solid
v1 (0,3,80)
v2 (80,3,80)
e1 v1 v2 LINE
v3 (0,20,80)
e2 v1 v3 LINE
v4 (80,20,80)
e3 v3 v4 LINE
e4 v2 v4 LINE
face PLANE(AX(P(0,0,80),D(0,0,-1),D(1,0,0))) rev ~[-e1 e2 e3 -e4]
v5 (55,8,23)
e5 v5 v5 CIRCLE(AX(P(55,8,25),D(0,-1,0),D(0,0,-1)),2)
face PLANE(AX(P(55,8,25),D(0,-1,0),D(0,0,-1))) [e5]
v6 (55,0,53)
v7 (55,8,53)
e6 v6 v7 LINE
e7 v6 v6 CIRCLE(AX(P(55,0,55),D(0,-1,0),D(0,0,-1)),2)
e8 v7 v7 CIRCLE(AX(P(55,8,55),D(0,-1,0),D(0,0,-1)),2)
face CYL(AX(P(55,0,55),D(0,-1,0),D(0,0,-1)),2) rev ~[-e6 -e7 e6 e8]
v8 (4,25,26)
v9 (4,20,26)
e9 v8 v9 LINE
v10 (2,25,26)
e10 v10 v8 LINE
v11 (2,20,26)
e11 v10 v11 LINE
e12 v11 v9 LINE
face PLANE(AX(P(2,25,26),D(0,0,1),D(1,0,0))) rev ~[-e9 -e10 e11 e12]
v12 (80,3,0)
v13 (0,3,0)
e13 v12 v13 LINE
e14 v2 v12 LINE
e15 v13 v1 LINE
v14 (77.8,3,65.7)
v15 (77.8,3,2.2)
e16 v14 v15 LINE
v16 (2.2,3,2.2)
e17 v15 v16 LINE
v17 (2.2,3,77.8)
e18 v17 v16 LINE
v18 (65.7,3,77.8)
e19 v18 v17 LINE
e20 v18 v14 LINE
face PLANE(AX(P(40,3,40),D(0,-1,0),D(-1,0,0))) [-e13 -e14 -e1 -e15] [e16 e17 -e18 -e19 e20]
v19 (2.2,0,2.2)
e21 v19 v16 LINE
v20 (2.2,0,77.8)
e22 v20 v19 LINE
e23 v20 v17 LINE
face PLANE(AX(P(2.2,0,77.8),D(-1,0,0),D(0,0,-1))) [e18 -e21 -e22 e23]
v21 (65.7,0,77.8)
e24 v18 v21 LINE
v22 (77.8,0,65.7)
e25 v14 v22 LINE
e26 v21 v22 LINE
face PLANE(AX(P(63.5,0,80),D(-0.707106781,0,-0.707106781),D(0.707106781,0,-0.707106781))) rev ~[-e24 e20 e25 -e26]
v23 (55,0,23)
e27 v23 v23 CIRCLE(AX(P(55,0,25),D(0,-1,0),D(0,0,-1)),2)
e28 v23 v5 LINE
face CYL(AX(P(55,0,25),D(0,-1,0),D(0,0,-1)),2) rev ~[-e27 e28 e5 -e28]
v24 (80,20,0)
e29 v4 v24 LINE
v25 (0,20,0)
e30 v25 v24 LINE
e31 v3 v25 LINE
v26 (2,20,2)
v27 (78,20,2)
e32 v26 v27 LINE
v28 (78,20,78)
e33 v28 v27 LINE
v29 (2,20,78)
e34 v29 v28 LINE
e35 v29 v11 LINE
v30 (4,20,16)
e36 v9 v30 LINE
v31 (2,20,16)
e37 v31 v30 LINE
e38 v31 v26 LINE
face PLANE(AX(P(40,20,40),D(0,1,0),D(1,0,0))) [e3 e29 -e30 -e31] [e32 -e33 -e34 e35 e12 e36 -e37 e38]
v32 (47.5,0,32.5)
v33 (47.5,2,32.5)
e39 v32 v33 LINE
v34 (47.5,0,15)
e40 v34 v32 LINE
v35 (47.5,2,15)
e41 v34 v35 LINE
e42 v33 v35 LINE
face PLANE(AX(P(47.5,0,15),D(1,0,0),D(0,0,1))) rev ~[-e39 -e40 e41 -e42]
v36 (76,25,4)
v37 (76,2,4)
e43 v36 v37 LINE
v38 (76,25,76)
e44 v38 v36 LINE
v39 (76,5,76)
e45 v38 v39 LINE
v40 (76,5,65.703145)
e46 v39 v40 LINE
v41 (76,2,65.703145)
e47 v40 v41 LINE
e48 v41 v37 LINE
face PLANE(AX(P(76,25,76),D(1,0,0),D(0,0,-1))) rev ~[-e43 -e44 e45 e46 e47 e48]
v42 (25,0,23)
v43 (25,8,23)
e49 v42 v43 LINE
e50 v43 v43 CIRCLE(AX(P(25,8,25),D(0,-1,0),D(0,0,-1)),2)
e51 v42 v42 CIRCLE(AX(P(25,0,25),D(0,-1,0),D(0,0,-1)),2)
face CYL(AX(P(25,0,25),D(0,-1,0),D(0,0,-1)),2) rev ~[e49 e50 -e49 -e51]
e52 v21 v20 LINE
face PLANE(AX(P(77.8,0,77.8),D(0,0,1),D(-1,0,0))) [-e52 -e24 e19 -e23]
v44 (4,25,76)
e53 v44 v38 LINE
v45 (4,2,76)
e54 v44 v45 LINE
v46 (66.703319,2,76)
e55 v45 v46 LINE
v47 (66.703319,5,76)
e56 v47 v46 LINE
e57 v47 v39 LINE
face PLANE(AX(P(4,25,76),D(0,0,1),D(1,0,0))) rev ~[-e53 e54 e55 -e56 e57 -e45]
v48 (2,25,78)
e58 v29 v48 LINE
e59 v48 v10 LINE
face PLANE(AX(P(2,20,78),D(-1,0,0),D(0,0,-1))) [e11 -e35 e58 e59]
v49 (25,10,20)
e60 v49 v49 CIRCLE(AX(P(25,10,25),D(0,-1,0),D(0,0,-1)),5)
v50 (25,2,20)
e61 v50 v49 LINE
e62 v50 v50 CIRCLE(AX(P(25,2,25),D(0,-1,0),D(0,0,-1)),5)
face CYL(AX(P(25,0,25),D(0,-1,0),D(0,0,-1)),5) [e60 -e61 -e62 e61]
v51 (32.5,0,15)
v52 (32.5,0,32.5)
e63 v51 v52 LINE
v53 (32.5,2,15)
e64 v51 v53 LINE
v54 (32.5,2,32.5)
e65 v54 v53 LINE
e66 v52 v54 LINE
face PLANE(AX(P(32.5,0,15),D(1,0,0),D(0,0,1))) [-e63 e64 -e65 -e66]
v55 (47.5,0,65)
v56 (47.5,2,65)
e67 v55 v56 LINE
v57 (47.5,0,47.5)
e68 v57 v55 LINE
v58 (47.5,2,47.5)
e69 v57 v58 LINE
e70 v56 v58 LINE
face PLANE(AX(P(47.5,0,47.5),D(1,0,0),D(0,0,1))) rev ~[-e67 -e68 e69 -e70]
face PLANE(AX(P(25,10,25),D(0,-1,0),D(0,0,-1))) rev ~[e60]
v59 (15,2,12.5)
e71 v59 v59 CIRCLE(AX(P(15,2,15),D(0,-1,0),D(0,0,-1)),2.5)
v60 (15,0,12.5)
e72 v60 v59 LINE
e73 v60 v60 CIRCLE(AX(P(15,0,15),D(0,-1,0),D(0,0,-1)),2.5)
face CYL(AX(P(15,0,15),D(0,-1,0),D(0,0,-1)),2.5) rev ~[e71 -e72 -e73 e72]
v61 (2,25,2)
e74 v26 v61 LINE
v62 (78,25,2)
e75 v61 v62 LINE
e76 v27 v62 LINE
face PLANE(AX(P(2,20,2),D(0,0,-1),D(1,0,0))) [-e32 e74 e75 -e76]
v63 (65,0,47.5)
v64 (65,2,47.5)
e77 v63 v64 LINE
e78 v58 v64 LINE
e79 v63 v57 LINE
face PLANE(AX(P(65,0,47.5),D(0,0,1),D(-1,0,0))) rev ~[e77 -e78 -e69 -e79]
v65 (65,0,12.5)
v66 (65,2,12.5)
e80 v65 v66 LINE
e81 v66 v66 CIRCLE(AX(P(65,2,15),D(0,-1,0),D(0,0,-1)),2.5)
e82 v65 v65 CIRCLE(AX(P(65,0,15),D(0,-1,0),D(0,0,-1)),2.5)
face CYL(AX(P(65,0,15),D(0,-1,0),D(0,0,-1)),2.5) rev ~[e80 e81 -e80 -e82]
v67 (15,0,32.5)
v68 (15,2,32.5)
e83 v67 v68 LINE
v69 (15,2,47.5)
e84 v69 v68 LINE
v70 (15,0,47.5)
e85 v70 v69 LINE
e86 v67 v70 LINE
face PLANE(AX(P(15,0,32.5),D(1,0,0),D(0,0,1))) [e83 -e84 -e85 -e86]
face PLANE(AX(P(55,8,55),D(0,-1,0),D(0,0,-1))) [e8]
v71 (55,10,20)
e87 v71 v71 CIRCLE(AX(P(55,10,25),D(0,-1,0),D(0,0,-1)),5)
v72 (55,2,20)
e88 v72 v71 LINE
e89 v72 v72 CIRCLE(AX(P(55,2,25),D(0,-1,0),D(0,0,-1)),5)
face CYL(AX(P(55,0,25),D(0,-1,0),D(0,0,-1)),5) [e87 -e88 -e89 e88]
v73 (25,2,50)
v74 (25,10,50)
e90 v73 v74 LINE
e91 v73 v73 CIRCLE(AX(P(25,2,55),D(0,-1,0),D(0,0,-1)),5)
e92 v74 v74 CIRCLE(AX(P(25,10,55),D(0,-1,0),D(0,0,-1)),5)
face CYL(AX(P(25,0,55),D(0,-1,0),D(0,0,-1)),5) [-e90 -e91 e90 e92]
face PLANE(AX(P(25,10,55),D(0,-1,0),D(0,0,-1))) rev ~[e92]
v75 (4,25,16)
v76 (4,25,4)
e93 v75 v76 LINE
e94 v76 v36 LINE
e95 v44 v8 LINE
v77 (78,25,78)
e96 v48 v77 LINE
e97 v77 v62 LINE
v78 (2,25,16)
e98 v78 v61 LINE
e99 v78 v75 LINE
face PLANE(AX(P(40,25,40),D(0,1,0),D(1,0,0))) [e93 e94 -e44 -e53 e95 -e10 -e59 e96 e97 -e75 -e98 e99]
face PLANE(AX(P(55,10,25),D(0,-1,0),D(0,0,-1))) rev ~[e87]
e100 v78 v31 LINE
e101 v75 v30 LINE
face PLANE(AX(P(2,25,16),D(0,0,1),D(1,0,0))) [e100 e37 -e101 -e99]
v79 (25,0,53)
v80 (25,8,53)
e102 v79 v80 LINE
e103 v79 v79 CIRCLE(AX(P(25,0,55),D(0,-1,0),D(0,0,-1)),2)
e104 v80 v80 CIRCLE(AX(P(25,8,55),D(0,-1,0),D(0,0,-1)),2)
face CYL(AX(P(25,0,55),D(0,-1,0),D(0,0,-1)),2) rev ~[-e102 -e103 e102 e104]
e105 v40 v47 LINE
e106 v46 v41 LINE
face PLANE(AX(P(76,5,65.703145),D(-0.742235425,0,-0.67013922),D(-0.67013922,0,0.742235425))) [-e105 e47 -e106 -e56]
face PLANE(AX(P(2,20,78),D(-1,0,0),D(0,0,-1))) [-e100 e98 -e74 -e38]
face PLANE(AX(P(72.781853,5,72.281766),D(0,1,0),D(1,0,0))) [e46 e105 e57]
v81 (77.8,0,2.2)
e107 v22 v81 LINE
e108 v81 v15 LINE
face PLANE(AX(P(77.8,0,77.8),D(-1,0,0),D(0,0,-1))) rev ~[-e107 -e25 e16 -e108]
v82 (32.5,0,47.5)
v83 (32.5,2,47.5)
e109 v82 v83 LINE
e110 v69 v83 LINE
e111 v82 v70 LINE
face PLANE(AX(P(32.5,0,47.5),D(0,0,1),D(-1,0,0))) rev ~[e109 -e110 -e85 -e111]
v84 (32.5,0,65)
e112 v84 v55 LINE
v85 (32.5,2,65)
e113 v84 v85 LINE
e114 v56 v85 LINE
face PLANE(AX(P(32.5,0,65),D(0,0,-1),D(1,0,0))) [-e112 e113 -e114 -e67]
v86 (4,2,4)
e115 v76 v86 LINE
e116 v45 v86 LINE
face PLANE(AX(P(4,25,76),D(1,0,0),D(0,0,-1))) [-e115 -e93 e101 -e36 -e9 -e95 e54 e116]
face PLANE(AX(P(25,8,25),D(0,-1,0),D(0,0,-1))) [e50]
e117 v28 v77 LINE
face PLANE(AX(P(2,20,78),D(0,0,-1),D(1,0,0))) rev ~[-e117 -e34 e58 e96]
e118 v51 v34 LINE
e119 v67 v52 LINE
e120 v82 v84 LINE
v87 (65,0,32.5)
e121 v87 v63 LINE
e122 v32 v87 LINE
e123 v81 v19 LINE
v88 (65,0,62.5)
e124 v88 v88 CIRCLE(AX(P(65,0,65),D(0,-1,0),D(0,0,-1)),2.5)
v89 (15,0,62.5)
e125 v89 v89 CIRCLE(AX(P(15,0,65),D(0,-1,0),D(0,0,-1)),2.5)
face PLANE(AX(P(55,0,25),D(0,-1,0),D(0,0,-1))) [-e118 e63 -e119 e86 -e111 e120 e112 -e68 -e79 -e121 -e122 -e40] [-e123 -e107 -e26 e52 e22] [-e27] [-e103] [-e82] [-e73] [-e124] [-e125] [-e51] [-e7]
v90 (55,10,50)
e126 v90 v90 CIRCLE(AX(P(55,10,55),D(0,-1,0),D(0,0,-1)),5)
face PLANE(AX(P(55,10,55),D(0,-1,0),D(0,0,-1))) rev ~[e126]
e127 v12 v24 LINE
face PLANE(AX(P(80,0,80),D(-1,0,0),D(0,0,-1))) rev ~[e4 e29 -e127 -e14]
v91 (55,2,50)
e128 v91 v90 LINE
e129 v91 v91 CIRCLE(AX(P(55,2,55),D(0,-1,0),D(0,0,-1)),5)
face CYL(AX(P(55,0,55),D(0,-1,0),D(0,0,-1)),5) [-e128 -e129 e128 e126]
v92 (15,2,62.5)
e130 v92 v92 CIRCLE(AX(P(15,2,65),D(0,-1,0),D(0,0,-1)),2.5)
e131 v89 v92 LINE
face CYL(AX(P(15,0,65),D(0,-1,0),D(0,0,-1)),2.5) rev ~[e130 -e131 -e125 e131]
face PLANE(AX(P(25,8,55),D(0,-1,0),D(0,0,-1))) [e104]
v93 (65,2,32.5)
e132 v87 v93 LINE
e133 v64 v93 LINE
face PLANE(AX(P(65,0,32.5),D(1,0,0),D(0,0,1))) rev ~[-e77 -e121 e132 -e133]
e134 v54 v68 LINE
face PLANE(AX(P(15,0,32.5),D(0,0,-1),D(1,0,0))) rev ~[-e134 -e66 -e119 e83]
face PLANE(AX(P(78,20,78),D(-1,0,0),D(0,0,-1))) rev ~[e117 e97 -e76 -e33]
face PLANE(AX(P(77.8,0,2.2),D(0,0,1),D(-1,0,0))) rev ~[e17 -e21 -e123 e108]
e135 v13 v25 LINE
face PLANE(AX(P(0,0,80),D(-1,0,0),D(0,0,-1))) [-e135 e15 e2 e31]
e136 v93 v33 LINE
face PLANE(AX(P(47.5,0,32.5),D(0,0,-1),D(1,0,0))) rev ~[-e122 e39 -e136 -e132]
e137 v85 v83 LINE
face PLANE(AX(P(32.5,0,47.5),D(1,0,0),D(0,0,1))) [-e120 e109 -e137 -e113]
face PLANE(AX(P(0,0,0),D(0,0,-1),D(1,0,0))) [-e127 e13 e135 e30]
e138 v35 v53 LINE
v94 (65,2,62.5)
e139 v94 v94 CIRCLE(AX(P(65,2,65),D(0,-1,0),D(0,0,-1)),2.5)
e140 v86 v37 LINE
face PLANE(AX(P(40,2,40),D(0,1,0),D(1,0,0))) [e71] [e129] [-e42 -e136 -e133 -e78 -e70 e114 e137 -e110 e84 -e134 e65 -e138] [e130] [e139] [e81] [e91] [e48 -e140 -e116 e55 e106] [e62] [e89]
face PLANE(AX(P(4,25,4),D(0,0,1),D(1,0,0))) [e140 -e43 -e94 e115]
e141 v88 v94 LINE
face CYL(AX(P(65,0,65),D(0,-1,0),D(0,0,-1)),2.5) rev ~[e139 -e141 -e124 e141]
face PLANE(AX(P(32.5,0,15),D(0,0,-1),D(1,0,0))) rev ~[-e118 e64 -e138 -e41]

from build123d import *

# Parameters (mm, degrees)
ESQUISSE1_W              = 80
ESQUISSE1_H              = 80
BOSS_EXTRU_1_DEPTH       = 20
ESQUISSE2_W              = 76
ESQUISSE2_H              = 76
BOSS_EXTRU_2_DEPTH       = 5
ESQUISSE3_W              = 72
ESQUISSE3_H              = 72
ENL_V_MAT_EXTRU_2_DEPTH  = 23
ESQUISSE4_W              = 15
ESQUISSE4_H              = 17.5
ESQUISSE4_W_2            = 17.5
ESQUISSE4_H_2            = 15
ENL_V_MAT_EXTRU_9_DEPTH  = 10
ESQUISSE7_R              = 2.5
ENL_V_MAT_EXTRU_4_DEPTH  = 10
ESQUISSE5_R              = 5
BOSS_EXTRU_6_DEPTH       = 10
ESQUISSE9_R              = 2
ENL_V_MAT_EXTRU_6_DEPTH  = 8
ESQUISSE10_W             = 2
ESQUISSE10_H             = 10
ENL_V_MAT_EXTRU_7_DEPTH  = 5
ESQUISSE11_OUTSIDE_W     = 105.174
ESQUISSE11_OUTSIDE_H     = 105.174
ESQUISSE11_OUTSIDE_W_2   = 75.6
ESQUISSE11_OUTSIDE_H_2   = 75.6
ENL_V_MAT_EXTRU_10_DEPTH = 3
BOSS_EXTRU_7_REACH       = 131.891
BOSS_EXTRU_7_START       = -15
ENL_V_MAT_EXTRU_11_DEPTH = 3


with BuildPart() as part:
    # Esquisse1 → Boss.-Extru.1 (new body)
    with BuildSketch(Plane(origin=(0, 0, 0), x_dir=(1, 0, 0), z_dir=(0, 1, 0))):
        with Locations((40, -40)):
            Rectangle(ESQUISSE1_W, ESQUISSE1_H)
    extrude(amount=BOSS_EXTRU_1_DEPTH)

    # Esquisse2 → Boss.-Extru.2 (add)
    with BuildSketch(Plane(origin=(0, 20, 0), x_dir=(1, 0, 0), z_dir=(0, 1, 0))):
        with Locations((40, -40)):
            Rectangle(ESQUISSE2_W, ESQUISSE2_H)
    extrude(amount=BOSS_EXTRU_2_DEPTH)

    # Esquisse3 → Enlèv. mat.-Extru.2 (cut)
    with BuildSketch(Plane(origin=(0, 25, 0), x_dir=(1, 0, 0), z_dir=(0, 1, 0))):
        with Locations((40, -40)):
            Rectangle(ESQUISSE3_W, ESQUISSE3_H)
    extrude(amount=-ENL_V_MAT_EXTRU_2_DEPTH, mode=Mode.SUBTRACT)

    # Esquisse4 → Enlèv. mat.-Extru.9 (cut)
    with BuildSketch(Plane.XZ):
        with Locations((40, 23.75)):
            Rectangle(ESQUISSE4_W, ESQUISSE4_H)
        with Locations((23.75, 40)):
            Rectangle(ESQUISSE4_W_2, ESQUISSE4_H_2)
        with Locations((40, 40)):
            Rectangle(ESQUISSE4_W, ESQUISSE4_H_2)
        with Locations((56.25, 40)):
            Rectangle(ESQUISSE4_W_2, ESQUISSE4_H_2)
        with Locations((40, 56.25)):
            Rectangle(ESQUISSE4_W, ESQUISSE4_H)
    extrude(amount=-ENL_V_MAT_EXTRU_9_DEPTH, mode=Mode.SUBTRACT)

    # Esquisse7 → Enlèv. mat.-Extru.4 (cut)
    with BuildSketch(Plane(origin=(0, 0, 0), x_dir=(-1, 0, 0), z_dir=(0, -1, 0))):
        with Locations(Location((-15, -15, 0), (0, 0, 90))):
            Circle(ESQUISSE7_R)
        with Locations(Location((-15, -65, 0), (0, 0, 90))):
            Circle(ESQUISSE7_R)
        with Locations(Location((-65, -15, 0), (0, 0, 90))):
            Circle(ESQUISSE7_R)
        with Locations(Location((-65, -65, 0), (0, 0, 90))):
            Circle(ESQUISSE7_R)
    extrude(amount=-ENL_V_MAT_EXTRU_4_DEPTH, mode=Mode.SUBTRACT)

    # Esquisse5 → Boss.-Extru.6 (add)
    with BuildSketch(Plane(origin=(0, 0, 0), x_dir=(-1, 0, 0), z_dir=(0, -1, 0))):
        with Locations(Location((-55, -25, 0), (0, 0, 90))):
            Circle(ESQUISSE5_R)
        with Locations(Location((-55, -55, 0), (0, 0, 90))):
            Circle(ESQUISSE5_R)
        with Locations(Location((-25, -55, 0), (0, 0, 90))):
            Circle(ESQUISSE5_R)
        with Locations(Location((-25, -25, 0), (0, 0, 90))):
            Circle(ESQUISSE5_R)
    extrude(amount=-BOSS_EXTRU_6_DEPTH)

    # Esquisse9 → Enlèv. mat.-Extru.6 (cut)
    with BuildSketch(Plane(origin=(0, 0, 0), x_dir=(-1, 0, 0), z_dir=(0, -1, 0))):
        with Locations(Location((-55, -25, 0), (0, 0, 90))):
            Circle(ESQUISSE9_R)
        with Locations(Location((-55, -55, 0), (0, 0, 90))):
            Circle(ESQUISSE9_R)
        with Locations(Location((-25, -25, 0), (0, 0, 90))):
            Circle(ESQUISSE9_R)
        with Locations(Location((-25, -55, 0), (0, 0, 90))):
            Circle(ESQUISSE9_R)
    extrude(amount=-ENL_V_MAT_EXTRU_6_DEPTH, mode=Mode.SUBTRACT)

    # Esquisse10 → Enlèv. mat.-Extru.7 (cut)
    with BuildSketch(Plane(origin=(0, 25, 0), x_dir=(1, 0, 0), z_dir=(0, 1, 0))):
        with Locations((3, -21)):
            Rectangle(ESQUISSE10_W, ESQUISSE10_H)
    extrude(amount=-ENL_V_MAT_EXTRU_7_DEPTH, mode=Mode.SUBTRACT)

    # Esquisse11 outside → Enlèv. mat.-Extru.10 (cut)
    with BuildSketch(Plane(origin=(0, 0, 0), x_dir=(-1, 0, 0), z_dir=(0, -1, 0))):
        with Locations((-40, -40)):
            Rectangle(ESQUISSE11_OUTSIDE_W, ESQUISSE11_OUTSIDE_H)
        with Locations((-40, -40)):
            Rectangle(ESQUISSE11_OUTSIDE_W_2, ESQUISSE11_OUTSIDE_H_2, mode=Mode.SUBTRACT)
    extrude(amount=-ENL_V_MAT_EXTRU_10_DEPTH, mode=Mode.SUBTRACT)

    # Esquisse14 → Boss.-Extru.7 (add, up to next)
    with BuildSketch(Plane(origin=(0, 20, 0), x_dir=(1, 0, 0), z_dir=(0, 1, 0)).offset(BOSS_EXTRU_7_START), mode=Mode.PRIVATE) as boss_extru_7_sk1:
        Polygon((76, -76), (76, -65.703145172), (66.703318607, -76), align=None)
    boss_extru_7_tool1 = extrude(boss_extru_7_sk1.sketch, amount=-BOSS_EXTRU_7_REACH, mode=Mode.PRIVATE) - part.part
    add(boss_extru_7_tool1.solids().sort_by_distance((72.901106, 5, 72.567715))[0])

    # Esquisse13 → Enlèv. mat.-Extru.11 (cut)
    with BuildSketch(Plane(origin=(0, 0, 0), x_dir=(-1, 0, 0), z_dir=(0, -1, 0))):
        Polygon((-63.5, -80), (-80, -63.5), (-80, -80), align=None)
    extrude(amount=-ENL_V_MAT_EXTRU_11_DEPTH, mode=Mode.SUBTRACT)


solid = part.part
